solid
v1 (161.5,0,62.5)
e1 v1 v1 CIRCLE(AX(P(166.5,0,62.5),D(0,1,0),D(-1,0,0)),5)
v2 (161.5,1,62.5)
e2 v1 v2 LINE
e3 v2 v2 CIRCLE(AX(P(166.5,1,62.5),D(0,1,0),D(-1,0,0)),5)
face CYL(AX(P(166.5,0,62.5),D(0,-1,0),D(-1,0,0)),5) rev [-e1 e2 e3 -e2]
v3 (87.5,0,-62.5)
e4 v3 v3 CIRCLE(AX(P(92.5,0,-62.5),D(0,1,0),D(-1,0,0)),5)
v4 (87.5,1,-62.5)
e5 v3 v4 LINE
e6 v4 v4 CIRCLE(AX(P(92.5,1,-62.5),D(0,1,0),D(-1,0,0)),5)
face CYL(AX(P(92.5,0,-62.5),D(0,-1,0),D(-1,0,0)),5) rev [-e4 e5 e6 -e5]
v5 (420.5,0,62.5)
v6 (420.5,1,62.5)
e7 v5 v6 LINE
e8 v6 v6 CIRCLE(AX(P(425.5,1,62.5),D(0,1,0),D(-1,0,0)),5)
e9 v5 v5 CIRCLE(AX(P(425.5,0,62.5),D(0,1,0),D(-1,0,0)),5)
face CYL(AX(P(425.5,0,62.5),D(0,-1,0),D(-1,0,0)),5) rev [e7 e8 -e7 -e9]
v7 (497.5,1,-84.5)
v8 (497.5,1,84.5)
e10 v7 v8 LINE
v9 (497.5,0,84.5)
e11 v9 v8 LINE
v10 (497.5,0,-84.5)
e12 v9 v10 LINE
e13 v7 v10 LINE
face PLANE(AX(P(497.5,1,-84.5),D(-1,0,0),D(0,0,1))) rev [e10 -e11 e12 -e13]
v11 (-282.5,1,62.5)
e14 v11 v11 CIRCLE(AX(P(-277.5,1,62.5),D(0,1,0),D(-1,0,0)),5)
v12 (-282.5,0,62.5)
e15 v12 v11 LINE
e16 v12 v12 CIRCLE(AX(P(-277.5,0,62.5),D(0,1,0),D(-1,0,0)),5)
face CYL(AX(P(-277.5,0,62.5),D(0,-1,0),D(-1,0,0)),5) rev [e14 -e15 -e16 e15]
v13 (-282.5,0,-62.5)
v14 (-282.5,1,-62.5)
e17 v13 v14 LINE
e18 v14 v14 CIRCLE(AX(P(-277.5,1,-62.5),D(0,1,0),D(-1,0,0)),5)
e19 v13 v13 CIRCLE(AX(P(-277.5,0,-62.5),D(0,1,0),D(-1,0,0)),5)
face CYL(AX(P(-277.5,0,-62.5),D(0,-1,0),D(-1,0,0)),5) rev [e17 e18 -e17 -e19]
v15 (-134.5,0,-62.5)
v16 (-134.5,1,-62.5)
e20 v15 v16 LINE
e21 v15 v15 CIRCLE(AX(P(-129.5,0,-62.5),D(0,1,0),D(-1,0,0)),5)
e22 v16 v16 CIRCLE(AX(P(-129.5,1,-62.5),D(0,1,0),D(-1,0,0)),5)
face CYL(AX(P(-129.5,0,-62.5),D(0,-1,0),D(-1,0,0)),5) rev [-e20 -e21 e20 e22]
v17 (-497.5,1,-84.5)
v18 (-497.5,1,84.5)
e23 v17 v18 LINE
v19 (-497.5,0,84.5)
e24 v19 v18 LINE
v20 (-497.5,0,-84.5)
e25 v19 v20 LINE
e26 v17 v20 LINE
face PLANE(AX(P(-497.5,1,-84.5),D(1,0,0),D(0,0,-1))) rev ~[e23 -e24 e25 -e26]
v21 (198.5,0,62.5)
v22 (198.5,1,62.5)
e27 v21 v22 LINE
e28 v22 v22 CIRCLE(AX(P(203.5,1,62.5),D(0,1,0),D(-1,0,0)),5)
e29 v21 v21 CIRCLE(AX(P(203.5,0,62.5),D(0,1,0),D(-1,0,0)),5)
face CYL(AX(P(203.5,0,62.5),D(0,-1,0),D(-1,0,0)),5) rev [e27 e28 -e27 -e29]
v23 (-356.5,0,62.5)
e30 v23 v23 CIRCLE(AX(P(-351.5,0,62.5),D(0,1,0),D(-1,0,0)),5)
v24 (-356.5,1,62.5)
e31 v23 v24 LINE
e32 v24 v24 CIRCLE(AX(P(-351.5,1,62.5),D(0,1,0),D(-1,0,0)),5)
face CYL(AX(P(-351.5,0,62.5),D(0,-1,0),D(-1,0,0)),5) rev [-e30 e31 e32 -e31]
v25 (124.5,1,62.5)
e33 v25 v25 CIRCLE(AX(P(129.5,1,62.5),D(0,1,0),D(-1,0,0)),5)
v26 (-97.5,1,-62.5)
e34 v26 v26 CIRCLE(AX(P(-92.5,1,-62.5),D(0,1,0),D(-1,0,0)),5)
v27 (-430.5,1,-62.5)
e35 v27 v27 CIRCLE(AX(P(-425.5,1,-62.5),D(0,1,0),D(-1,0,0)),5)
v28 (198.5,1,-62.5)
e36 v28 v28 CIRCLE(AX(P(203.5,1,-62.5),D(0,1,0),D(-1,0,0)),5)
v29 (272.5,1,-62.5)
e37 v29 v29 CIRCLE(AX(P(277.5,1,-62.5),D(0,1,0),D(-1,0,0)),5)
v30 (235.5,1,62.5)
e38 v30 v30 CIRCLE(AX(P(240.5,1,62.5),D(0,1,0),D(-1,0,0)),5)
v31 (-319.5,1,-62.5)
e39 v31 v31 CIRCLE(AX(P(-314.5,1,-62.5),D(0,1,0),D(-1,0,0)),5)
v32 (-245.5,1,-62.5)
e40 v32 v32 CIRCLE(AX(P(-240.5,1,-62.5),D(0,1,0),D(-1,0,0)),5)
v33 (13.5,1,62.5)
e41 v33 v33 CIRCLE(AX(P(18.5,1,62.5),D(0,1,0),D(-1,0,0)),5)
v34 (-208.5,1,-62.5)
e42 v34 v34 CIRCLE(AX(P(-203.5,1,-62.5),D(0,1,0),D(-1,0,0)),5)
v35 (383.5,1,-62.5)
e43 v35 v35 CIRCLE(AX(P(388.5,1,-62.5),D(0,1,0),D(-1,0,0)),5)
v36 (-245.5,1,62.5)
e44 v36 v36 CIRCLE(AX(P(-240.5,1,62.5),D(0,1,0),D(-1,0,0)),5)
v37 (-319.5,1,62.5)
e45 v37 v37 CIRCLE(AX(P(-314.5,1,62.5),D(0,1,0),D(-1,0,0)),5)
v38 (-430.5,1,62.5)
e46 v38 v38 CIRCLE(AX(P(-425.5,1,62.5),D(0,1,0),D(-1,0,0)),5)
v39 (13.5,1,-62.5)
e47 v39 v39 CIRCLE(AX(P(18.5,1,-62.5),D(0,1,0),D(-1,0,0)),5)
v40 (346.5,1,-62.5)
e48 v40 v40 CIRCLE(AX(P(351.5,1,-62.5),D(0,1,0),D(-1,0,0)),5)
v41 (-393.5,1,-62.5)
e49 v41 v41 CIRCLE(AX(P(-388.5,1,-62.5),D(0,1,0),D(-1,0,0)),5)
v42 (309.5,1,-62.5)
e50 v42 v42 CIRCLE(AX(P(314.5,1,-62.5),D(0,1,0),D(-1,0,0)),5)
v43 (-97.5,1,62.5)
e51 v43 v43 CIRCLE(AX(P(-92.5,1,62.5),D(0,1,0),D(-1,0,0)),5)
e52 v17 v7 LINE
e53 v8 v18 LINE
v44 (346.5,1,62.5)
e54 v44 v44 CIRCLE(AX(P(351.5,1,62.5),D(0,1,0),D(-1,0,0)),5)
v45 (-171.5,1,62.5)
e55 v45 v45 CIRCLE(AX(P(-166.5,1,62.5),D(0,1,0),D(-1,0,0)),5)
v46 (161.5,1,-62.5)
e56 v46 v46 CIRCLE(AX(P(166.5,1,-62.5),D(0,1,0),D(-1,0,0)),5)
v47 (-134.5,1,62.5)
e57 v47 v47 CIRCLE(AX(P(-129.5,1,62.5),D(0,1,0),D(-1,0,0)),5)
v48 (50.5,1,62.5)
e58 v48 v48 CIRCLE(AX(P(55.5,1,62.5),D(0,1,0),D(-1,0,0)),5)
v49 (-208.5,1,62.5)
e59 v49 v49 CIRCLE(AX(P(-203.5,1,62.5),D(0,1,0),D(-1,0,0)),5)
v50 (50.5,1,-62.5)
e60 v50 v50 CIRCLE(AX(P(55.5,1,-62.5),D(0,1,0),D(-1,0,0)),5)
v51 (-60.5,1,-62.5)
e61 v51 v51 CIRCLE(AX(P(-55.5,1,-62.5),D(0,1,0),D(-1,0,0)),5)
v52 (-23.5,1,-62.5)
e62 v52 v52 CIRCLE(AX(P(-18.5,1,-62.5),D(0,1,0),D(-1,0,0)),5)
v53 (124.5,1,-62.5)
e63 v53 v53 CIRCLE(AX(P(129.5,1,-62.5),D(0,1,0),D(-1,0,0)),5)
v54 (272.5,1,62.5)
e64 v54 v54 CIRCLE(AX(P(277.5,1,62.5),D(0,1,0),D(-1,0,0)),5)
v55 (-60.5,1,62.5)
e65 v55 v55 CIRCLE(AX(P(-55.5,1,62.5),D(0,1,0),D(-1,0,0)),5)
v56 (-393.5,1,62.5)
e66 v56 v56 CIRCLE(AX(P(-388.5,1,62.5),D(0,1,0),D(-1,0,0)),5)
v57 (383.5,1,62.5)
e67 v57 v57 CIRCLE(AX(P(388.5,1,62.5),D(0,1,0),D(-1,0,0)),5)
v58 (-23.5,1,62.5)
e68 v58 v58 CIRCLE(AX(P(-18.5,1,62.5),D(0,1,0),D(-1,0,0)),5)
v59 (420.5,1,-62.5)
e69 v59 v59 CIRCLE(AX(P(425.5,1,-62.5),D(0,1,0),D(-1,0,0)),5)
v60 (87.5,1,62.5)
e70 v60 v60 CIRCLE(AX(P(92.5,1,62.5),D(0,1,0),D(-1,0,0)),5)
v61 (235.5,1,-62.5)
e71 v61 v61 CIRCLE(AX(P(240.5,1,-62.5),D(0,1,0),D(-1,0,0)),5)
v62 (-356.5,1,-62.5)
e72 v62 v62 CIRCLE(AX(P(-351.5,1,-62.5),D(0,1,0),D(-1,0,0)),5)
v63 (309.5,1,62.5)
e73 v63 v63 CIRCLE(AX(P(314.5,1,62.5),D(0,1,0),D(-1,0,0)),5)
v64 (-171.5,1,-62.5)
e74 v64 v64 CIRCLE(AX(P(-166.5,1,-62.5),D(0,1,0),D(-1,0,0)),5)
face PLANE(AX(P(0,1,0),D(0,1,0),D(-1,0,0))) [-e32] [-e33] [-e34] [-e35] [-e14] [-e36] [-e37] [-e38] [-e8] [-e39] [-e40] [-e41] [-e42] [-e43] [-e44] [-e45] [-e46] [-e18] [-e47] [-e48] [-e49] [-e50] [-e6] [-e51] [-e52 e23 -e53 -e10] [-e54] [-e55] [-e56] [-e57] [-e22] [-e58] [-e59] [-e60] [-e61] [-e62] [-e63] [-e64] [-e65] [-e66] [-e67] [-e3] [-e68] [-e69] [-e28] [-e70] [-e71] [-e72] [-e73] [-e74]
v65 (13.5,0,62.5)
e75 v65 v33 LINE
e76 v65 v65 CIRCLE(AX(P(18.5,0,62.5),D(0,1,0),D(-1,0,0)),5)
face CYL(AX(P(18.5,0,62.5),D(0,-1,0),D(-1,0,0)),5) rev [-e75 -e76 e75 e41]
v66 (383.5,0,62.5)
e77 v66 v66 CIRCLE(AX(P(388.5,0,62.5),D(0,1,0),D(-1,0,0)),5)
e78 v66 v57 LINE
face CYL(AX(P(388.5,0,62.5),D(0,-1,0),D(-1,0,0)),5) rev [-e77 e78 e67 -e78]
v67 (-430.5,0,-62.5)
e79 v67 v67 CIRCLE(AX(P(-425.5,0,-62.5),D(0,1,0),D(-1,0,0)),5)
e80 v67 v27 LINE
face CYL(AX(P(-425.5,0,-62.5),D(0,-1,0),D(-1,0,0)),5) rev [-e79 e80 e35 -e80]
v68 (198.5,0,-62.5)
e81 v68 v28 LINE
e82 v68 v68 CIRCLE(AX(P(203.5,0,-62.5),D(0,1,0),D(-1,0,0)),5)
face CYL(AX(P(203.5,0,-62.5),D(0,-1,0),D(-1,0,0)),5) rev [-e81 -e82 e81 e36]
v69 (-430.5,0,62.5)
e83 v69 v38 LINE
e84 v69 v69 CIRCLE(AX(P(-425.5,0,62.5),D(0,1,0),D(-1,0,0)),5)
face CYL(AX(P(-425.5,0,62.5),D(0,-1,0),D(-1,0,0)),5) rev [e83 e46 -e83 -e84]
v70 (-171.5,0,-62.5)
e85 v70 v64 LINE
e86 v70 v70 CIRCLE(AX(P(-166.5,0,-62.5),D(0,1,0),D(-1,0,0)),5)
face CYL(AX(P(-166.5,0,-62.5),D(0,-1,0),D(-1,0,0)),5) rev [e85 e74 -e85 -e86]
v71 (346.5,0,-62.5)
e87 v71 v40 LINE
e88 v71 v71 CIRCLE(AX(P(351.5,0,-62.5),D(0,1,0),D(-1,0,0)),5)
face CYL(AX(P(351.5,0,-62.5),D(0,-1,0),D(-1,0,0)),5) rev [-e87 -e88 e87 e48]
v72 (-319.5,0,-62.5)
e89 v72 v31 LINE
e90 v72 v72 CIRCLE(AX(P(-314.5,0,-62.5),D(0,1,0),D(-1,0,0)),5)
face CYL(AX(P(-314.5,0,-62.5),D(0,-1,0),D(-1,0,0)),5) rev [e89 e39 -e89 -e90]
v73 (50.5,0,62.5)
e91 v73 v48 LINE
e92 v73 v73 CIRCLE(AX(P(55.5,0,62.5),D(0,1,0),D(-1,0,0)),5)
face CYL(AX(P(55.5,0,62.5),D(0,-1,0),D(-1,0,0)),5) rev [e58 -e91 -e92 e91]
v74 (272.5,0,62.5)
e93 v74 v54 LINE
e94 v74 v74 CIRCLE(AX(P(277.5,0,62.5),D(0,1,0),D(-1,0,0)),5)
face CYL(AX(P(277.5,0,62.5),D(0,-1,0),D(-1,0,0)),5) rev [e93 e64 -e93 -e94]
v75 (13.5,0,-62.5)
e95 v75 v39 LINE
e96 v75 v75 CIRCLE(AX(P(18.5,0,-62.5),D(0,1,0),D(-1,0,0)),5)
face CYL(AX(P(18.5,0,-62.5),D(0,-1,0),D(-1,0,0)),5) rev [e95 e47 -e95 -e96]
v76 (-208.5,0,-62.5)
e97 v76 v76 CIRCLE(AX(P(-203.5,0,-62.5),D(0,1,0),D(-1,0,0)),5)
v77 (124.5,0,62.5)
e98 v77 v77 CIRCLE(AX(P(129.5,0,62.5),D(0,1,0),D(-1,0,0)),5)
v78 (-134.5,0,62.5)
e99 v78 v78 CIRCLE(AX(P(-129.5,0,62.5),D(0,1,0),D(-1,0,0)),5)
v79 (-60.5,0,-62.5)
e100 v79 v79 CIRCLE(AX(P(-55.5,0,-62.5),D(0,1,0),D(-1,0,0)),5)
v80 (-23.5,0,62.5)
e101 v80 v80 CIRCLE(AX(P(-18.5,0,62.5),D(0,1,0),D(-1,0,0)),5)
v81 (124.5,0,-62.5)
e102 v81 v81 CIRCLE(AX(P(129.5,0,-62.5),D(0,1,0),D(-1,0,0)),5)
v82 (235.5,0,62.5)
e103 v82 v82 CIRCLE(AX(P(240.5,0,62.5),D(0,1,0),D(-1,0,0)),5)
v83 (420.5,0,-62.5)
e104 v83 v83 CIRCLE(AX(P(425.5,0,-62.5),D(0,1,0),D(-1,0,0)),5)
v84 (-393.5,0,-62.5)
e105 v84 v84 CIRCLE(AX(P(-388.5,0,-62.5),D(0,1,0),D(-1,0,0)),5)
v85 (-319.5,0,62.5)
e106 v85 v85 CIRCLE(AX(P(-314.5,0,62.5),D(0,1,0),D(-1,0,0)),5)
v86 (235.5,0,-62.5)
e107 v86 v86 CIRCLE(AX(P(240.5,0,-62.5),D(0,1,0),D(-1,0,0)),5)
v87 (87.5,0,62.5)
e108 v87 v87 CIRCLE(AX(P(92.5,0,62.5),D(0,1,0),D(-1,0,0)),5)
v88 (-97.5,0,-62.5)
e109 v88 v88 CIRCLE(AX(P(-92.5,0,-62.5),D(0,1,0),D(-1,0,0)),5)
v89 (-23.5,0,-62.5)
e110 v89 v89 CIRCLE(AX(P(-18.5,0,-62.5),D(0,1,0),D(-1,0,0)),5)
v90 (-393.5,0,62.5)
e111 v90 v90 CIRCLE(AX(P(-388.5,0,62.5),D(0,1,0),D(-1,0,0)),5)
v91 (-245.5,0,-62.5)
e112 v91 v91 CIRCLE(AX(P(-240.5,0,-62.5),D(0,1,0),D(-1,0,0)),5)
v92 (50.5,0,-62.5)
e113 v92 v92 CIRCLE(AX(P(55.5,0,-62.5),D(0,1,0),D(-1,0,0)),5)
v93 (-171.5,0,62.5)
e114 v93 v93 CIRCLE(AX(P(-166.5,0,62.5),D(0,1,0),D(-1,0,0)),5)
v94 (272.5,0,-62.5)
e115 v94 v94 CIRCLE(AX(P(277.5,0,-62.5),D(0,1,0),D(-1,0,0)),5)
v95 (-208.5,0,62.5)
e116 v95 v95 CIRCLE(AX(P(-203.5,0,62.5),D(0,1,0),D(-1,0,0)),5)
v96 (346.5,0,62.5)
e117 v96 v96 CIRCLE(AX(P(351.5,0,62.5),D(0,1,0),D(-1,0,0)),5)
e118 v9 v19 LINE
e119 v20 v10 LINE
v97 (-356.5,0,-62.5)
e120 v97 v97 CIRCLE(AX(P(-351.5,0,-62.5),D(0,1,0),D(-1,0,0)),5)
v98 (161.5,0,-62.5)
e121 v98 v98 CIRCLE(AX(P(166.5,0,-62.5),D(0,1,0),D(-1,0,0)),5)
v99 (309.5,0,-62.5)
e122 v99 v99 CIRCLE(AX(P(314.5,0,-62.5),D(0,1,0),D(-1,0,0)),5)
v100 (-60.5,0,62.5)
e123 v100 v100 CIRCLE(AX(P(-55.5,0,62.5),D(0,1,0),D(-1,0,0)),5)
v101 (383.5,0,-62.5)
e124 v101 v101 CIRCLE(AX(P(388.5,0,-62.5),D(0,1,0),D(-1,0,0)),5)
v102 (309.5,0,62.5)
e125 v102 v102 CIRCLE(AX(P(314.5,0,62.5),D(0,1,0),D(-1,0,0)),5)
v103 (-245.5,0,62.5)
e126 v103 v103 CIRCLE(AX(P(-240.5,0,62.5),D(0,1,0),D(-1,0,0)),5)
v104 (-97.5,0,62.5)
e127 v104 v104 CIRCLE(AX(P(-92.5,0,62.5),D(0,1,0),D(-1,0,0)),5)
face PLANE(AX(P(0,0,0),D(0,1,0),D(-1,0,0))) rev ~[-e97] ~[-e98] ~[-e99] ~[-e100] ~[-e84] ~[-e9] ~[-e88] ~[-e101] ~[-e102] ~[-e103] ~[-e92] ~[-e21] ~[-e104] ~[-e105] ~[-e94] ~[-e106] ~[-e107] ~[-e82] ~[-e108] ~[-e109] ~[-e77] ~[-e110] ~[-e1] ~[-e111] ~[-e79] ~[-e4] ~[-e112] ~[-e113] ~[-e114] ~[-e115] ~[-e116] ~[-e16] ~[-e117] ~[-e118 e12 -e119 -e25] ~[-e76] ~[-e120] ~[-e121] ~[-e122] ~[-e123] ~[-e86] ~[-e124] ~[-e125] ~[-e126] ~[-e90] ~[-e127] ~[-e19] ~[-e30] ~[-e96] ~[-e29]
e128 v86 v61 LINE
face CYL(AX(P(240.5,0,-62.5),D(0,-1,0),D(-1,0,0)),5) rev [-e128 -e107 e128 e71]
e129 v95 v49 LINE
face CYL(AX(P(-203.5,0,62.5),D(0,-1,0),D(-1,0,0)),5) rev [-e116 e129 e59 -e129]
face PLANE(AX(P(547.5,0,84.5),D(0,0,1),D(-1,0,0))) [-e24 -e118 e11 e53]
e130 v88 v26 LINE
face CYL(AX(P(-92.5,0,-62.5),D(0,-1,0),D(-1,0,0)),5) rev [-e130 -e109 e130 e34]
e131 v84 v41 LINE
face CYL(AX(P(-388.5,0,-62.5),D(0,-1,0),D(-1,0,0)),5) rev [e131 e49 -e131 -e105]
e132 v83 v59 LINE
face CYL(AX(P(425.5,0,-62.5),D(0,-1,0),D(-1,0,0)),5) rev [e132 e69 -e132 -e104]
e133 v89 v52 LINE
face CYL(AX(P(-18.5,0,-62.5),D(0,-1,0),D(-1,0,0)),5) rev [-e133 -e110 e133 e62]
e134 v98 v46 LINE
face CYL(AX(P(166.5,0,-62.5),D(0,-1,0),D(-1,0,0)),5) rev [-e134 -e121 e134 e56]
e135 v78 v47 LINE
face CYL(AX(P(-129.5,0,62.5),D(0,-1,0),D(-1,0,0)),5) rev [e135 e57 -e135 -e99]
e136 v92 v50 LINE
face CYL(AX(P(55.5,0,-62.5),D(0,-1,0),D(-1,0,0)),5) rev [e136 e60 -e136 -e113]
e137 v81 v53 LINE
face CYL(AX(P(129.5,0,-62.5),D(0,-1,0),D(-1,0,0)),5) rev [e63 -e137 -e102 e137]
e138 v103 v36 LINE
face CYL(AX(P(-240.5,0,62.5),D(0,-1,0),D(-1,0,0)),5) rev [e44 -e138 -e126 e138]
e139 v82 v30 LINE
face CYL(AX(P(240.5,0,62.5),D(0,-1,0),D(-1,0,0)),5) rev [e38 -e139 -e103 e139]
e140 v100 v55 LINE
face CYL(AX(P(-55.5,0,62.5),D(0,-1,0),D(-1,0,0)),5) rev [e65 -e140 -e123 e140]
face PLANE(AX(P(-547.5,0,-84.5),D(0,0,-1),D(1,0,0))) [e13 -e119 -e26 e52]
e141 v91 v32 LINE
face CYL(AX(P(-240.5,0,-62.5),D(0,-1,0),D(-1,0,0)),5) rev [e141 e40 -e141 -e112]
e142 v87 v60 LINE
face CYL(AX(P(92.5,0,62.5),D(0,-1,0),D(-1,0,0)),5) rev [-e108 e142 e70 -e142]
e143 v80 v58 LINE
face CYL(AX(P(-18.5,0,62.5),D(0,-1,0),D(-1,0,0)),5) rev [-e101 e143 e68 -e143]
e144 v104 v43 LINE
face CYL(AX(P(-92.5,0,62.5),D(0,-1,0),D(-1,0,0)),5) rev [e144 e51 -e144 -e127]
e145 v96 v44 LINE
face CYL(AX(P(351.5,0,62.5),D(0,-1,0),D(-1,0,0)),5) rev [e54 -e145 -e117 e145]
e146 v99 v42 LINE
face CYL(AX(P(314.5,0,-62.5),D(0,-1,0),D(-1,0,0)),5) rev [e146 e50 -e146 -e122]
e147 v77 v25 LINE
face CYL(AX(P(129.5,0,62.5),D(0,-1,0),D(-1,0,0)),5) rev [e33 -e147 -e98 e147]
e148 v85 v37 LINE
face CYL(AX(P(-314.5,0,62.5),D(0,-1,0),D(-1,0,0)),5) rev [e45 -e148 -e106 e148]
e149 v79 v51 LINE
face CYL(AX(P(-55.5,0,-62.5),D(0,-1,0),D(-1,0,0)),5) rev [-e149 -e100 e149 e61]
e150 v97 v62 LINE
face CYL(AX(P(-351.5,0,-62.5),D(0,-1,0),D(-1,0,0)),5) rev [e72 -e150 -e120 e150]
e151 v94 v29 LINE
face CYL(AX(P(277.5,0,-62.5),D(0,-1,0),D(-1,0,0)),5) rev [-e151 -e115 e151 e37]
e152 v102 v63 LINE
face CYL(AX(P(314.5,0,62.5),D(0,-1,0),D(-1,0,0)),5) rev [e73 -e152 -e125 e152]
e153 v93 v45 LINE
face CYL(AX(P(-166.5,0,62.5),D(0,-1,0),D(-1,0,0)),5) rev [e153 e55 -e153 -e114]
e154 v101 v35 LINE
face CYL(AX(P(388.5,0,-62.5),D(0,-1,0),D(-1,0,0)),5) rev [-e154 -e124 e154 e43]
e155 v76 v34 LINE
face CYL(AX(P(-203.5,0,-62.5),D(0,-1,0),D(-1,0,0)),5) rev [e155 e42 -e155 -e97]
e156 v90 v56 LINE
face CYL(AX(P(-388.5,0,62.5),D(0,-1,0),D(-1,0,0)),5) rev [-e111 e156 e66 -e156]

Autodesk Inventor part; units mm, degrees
ref_plane "YZ Plane" through (0, 0, 0) normal (1, 0, 0) x (0, 1, 0)
ref_plane "XZ Plane" through (0, 0, 0) normal (0, 1, 0) x (-1, 0, 0)
ref_plane "XY Plane" through (0, 0, 0) normal (0, 0, 1) x (1, 0, 0)
sketch "Skin Scheme" plane through (0, 0, 0) normal (0, 1, 0) x (-1, 0, 0)
  line L0 (547.5, -84.5) -> (-547.5, -84.5)
  line L1 (-547.5, -84.5) -> (-547.5, 84.5)
  line L2 (-547.5, 84.5) -> (547.5, 84.5)
  line L3 (547.5, 84.5) -> (547.5, -84.5)
  circle A0 centre (425.5, -62.5) radius 5
  circle A1 centre (388.5, -62.5) radius 5
  circle A2 centre (351.5, -62.5) radius 5
  circle A3 centre (314.5, -62.5) radius 5
  circle A4 centre (277.5, -62.5) radius 5
  circle A5 centre (240.5, -62.5) radius 5
  circle A6 centre (203.5, -62.5) radius 5
  circle A7 centre (166.5, -62.5) radius 5
  circle A8 centre (129.5, -62.5) radius 5
  circle A9 centre (92.5, -62.5) radius 5
  circle A10 centre (55.5, -62.5) radius 5
  circle A11 centre (18.5, -62.5) radius 5
  circle A12 centre (-18.5, -62.5) radius 5
  circle A13 centre (-55.5, -62.5) radius 5
  circle A14 centre (-92.5, -62.5) radius 5
  circle A15 centre (-129.5, -62.5) radius 5
  circle A16 centre (-166.5, -62.5) radius 5
  circle A17 centre (-203.5, -62.5) radius 5
  circle A18 centre (425.5, 62.5) radius 5
  circle A19 centre (388.5, 62.5) radius 5
  circle A20 centre (351.5, 62.5) radius 5
  circle A21 centre (314.5, 62.5) radius 5
  circle A22 centre (277.5, 62.5) radius 5
  circle A23 centre (240.5, 62.5) radius 5
  circle A24 centre (203.5, 62.5) radius 5
  circle A25 centre (166.5, 62.5) radius 5
  circle A26 centre (129.5, 62.5) radius 5
  circle A27 centre (92.5, 62.5) radius 5
  circle A28 centre (55.5, 62.5) radius 5
  circle A29 centre (18.5, 62.5) radius 5
  circle A30 centre (-18.5, 62.5) radius 5
  circle A31 centre (-55.5, 62.5) radius 5
  circle A32 centre (-92.5, 62.5) radius 5
  circle A33 centre (-129.5, 62.5) radius 5
  circle A34 centre (-166.5, 62.5) radius 5
  circle A35 centre (-203.5, 62.5) radius 5
  circle A36 centre (-240.5, -62.5) radius 5
  circle A37 centre (-240.5, 62.5) radius 5
  circle A38 centre (-277.5, -62.5) radius 5
  circle A39 centre (-277.5, 62.5) radius 5
  circle A40 centre (-314.5, -62.5) radius 5
  circle A41 centre (-314.5, 62.5) radius 5
  circle A42 centre (-351.5, -62.5) radius 5
  circle A43 centre (-351.5, 62.5) radius 5
  circle A44 centre (-388.5, -62.5) radius 5
  circle A45 centre (-388.5, 62.5) radius 5
  circle A46 centre (-425.5, -62.5) radius 5
  circle A47 centre (-425.5, 62.5) radius 5
  point P0 (0, 0)
  dimension "d0" = 1095
  dimension "d1" = 547.5
  dimension "d2" = 169
  dimension "d3" = 84.5
  dimension "d4" = 10
  dimension "d5" = 122
  dimension "d6" = 22
  dimension "d9" = 37
  dimension "d12" = 125
extrude "Skin Body" add sketch "Skin Scheme" along normal blind 1
sketch "End Cut Outline" plane through (0, 1, 0) normal (0, 1, 0) x (1, 0, 0)
  line L0 (-497.5, 94.5) -> (-557.5, 94.5)
  line L1 (-557.5, 94.5) -> (-557.5, -94.5)
  line L2 (-557.5, -94.5) -> (-497.5, -94.5)
  line L3 (-497.5, -94.5) -> (-497.5, 94.5)
  line L4 (547.5, 84.5) -> (-547.5, 84.5) projected
  line L5 (-547.5, -84.5) -> (547.5, -84.5) projected
  line L6 (-547.5, 84.5) -> (-547.5, -84.5) projected
  point P0 (0, 0)
  dimension "d19" = 10
  dimension "d20" = 10
  dimension "d21" = 10
  dimension "d22" = 50
extrude "End Cut" cut sketch "End Cut Outline" along normal through all both and the other way through all
mirror "End Cut Mirror" about plane through (0, 0, 0) normal (1, 0, 0) of "End Cut"
equation "\"d1\" = 0.5 * d0"
equation "\"d3\" = 0.5 * d2"
properties part number "Skin NPS 8 Internal" material "Rubber, Silicone"
